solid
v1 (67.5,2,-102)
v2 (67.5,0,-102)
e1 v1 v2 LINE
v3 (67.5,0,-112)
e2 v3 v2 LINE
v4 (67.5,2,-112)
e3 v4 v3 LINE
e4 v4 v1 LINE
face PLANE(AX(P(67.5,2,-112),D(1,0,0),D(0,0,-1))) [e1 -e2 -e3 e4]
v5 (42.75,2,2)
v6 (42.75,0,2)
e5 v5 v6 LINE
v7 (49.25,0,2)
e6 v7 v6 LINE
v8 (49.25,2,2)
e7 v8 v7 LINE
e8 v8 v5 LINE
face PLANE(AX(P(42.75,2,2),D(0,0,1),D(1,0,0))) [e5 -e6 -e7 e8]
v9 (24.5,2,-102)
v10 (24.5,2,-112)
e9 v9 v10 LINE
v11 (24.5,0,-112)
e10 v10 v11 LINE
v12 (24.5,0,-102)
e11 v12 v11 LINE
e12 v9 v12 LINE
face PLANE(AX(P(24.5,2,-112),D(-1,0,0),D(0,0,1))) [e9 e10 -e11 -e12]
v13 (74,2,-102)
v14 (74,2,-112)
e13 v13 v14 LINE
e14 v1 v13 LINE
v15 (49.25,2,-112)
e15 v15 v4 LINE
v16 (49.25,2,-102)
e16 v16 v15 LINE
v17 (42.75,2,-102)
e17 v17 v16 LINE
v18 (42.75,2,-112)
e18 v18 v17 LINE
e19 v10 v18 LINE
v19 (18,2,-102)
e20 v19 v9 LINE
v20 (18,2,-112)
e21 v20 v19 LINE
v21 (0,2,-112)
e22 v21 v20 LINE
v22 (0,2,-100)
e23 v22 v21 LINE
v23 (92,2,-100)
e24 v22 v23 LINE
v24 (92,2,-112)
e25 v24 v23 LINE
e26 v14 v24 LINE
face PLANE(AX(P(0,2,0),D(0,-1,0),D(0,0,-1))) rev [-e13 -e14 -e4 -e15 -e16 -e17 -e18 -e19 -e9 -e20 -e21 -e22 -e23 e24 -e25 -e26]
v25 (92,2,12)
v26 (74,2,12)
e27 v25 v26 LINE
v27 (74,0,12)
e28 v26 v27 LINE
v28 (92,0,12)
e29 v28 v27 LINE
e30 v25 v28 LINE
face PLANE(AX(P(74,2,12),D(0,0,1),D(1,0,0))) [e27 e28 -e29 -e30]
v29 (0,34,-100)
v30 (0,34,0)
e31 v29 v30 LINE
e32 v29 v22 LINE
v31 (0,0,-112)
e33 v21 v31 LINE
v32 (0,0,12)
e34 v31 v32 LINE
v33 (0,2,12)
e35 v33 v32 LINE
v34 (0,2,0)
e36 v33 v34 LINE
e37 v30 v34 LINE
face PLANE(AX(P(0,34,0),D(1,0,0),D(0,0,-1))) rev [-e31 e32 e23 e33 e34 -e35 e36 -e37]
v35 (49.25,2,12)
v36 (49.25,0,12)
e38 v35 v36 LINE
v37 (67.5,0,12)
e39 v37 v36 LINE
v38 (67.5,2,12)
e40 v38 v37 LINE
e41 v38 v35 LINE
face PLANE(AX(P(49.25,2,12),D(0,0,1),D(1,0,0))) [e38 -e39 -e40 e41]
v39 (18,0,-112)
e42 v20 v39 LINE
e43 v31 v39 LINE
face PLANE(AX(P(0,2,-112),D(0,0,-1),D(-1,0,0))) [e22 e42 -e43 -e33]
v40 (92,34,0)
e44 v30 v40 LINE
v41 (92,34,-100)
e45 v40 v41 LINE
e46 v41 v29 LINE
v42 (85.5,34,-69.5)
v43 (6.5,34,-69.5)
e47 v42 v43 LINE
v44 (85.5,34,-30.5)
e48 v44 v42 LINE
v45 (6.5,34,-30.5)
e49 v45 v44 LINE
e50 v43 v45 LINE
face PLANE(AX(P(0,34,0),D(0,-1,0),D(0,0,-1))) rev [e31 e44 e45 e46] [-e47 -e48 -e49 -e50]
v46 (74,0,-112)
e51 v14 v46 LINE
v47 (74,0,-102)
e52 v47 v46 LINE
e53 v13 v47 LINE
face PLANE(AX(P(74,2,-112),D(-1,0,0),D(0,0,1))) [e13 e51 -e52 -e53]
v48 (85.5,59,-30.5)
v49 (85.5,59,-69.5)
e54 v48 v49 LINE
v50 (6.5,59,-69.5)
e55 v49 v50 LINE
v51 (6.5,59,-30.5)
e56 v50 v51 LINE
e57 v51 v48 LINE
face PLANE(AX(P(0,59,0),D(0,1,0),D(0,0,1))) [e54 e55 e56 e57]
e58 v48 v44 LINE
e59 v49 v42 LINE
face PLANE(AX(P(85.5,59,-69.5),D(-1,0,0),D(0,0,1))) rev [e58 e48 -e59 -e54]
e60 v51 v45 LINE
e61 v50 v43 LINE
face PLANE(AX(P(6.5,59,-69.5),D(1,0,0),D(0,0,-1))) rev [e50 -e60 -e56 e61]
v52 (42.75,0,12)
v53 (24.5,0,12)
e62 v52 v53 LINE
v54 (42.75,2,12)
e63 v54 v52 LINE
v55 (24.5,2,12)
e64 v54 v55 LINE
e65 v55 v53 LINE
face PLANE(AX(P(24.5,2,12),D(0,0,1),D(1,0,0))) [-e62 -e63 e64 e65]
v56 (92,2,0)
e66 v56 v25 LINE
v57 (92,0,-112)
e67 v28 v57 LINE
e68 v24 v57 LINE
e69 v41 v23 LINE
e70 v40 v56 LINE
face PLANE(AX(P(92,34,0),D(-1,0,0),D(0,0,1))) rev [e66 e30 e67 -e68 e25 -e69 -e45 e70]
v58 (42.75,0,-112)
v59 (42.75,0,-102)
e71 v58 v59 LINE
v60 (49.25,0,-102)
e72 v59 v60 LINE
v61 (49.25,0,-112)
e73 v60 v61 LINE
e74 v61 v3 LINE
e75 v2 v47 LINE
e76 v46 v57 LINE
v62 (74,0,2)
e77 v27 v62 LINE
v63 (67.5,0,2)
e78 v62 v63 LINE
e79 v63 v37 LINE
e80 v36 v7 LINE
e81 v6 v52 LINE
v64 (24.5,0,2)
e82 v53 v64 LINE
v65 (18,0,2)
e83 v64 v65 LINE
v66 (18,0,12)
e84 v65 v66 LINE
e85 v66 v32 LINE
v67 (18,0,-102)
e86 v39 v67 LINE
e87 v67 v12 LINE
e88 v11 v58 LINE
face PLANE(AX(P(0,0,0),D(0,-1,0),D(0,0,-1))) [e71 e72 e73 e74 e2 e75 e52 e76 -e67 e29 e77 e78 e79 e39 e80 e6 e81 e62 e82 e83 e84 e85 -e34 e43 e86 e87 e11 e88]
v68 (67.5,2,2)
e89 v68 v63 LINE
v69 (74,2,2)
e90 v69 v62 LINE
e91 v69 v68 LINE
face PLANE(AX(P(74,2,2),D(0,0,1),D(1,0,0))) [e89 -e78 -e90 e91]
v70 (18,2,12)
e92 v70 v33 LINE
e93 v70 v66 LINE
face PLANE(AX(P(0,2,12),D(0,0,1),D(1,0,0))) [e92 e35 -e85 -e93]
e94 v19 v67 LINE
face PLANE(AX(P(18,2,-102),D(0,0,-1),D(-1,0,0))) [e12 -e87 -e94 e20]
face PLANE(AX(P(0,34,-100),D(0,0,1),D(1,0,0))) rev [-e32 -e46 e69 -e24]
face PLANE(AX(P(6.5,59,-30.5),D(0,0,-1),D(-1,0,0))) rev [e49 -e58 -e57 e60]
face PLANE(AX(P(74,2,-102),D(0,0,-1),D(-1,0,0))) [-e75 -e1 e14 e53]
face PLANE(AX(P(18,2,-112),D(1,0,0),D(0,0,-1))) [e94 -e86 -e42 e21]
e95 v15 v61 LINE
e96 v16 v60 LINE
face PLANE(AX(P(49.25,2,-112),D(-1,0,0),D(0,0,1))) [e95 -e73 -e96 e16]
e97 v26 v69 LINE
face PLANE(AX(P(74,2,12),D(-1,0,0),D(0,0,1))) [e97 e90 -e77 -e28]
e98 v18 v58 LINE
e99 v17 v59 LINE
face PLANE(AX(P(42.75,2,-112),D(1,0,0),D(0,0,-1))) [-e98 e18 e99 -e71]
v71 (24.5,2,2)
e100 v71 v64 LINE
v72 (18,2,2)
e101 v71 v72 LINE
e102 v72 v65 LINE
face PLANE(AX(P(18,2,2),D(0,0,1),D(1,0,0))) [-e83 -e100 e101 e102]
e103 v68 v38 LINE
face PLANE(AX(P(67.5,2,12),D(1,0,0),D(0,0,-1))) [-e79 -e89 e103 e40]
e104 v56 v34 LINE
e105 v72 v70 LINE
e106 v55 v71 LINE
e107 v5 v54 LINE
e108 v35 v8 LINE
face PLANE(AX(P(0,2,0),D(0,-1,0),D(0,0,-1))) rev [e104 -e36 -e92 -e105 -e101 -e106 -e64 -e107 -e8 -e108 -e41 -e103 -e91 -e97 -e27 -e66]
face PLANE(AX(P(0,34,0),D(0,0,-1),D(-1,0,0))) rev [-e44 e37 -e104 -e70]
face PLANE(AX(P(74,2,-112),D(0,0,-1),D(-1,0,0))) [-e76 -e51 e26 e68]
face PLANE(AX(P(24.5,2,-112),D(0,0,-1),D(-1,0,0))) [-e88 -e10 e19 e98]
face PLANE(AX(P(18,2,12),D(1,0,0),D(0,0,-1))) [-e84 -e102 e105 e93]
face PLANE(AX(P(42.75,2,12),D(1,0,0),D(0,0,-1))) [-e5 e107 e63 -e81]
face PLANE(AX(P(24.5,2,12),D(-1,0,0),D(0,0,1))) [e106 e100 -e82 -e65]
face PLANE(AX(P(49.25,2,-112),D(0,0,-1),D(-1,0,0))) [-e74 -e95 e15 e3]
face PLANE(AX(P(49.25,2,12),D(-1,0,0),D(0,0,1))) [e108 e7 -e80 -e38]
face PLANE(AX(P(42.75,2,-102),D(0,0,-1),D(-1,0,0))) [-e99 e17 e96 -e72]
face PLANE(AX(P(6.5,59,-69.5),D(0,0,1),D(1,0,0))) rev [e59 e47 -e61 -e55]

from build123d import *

# Parameters (mm, degrees)
SKETCH_1_W      = 92
SKETCH_1_H      = 100
EXTRUDE_1_DEPTH = 34
SKETCH_2_W      = 79
SKETCH_2_H      = 39
EXTRUDE_2_DEPTH = 25
EXTRUDE_3_DEPTH = 2


with BuildPart() as part:
    # Эскиз1 → Бобышка-Вытянуть1 (new body)
    with BuildSketch(Plane(origin=(0, 0, 0), x_dir=(1, 0, 0), z_dir=(0, 1, 0))):
        with Locations((46, 50)):
            Rectangle(SKETCH_1_W, SKETCH_1_H)
    extrude(amount=EXTRUDE_1_DEPTH)

    # Эскиз2 → Бобышка-Вытянуть2 (add)
    with BuildSketch(Plane(origin=(0, 34, 0), x_dir=(1, 0, 0), z_dir=(0, 1, 0))):
        with Locations((46, 50)):
            Rectangle(SKETCH_2_W, SKETCH_2_H)
    extrude(amount=EXTRUDE_2_DEPTH)

    # Эскиз3 → Бобышка-Вытянуть3 (add)
    with BuildSketch(Plane.XZ):
        Polygon((0, 12), (18, 12), (18, 2), (24.5, 2), (24.5, 12), (42.75, 12), (42.75, 2), (49.25, 2), (49.25, 12), (67.5, 12), (67.5, 2), (74, 2), (74, 12), (92, 12), (92, -112), (74, -112), (74, -102), (67.5, -102), (67.5, -112), (49.25, -112), (49.25, -102), (42.75, -102), (42.75, -112), (24.5, -112), (24.5, -102), (18, -102), (18, -112), (0, -112), align=None)
    extrude(amount=-EXTRUDE_3_DEPTH)


solid = part.part
